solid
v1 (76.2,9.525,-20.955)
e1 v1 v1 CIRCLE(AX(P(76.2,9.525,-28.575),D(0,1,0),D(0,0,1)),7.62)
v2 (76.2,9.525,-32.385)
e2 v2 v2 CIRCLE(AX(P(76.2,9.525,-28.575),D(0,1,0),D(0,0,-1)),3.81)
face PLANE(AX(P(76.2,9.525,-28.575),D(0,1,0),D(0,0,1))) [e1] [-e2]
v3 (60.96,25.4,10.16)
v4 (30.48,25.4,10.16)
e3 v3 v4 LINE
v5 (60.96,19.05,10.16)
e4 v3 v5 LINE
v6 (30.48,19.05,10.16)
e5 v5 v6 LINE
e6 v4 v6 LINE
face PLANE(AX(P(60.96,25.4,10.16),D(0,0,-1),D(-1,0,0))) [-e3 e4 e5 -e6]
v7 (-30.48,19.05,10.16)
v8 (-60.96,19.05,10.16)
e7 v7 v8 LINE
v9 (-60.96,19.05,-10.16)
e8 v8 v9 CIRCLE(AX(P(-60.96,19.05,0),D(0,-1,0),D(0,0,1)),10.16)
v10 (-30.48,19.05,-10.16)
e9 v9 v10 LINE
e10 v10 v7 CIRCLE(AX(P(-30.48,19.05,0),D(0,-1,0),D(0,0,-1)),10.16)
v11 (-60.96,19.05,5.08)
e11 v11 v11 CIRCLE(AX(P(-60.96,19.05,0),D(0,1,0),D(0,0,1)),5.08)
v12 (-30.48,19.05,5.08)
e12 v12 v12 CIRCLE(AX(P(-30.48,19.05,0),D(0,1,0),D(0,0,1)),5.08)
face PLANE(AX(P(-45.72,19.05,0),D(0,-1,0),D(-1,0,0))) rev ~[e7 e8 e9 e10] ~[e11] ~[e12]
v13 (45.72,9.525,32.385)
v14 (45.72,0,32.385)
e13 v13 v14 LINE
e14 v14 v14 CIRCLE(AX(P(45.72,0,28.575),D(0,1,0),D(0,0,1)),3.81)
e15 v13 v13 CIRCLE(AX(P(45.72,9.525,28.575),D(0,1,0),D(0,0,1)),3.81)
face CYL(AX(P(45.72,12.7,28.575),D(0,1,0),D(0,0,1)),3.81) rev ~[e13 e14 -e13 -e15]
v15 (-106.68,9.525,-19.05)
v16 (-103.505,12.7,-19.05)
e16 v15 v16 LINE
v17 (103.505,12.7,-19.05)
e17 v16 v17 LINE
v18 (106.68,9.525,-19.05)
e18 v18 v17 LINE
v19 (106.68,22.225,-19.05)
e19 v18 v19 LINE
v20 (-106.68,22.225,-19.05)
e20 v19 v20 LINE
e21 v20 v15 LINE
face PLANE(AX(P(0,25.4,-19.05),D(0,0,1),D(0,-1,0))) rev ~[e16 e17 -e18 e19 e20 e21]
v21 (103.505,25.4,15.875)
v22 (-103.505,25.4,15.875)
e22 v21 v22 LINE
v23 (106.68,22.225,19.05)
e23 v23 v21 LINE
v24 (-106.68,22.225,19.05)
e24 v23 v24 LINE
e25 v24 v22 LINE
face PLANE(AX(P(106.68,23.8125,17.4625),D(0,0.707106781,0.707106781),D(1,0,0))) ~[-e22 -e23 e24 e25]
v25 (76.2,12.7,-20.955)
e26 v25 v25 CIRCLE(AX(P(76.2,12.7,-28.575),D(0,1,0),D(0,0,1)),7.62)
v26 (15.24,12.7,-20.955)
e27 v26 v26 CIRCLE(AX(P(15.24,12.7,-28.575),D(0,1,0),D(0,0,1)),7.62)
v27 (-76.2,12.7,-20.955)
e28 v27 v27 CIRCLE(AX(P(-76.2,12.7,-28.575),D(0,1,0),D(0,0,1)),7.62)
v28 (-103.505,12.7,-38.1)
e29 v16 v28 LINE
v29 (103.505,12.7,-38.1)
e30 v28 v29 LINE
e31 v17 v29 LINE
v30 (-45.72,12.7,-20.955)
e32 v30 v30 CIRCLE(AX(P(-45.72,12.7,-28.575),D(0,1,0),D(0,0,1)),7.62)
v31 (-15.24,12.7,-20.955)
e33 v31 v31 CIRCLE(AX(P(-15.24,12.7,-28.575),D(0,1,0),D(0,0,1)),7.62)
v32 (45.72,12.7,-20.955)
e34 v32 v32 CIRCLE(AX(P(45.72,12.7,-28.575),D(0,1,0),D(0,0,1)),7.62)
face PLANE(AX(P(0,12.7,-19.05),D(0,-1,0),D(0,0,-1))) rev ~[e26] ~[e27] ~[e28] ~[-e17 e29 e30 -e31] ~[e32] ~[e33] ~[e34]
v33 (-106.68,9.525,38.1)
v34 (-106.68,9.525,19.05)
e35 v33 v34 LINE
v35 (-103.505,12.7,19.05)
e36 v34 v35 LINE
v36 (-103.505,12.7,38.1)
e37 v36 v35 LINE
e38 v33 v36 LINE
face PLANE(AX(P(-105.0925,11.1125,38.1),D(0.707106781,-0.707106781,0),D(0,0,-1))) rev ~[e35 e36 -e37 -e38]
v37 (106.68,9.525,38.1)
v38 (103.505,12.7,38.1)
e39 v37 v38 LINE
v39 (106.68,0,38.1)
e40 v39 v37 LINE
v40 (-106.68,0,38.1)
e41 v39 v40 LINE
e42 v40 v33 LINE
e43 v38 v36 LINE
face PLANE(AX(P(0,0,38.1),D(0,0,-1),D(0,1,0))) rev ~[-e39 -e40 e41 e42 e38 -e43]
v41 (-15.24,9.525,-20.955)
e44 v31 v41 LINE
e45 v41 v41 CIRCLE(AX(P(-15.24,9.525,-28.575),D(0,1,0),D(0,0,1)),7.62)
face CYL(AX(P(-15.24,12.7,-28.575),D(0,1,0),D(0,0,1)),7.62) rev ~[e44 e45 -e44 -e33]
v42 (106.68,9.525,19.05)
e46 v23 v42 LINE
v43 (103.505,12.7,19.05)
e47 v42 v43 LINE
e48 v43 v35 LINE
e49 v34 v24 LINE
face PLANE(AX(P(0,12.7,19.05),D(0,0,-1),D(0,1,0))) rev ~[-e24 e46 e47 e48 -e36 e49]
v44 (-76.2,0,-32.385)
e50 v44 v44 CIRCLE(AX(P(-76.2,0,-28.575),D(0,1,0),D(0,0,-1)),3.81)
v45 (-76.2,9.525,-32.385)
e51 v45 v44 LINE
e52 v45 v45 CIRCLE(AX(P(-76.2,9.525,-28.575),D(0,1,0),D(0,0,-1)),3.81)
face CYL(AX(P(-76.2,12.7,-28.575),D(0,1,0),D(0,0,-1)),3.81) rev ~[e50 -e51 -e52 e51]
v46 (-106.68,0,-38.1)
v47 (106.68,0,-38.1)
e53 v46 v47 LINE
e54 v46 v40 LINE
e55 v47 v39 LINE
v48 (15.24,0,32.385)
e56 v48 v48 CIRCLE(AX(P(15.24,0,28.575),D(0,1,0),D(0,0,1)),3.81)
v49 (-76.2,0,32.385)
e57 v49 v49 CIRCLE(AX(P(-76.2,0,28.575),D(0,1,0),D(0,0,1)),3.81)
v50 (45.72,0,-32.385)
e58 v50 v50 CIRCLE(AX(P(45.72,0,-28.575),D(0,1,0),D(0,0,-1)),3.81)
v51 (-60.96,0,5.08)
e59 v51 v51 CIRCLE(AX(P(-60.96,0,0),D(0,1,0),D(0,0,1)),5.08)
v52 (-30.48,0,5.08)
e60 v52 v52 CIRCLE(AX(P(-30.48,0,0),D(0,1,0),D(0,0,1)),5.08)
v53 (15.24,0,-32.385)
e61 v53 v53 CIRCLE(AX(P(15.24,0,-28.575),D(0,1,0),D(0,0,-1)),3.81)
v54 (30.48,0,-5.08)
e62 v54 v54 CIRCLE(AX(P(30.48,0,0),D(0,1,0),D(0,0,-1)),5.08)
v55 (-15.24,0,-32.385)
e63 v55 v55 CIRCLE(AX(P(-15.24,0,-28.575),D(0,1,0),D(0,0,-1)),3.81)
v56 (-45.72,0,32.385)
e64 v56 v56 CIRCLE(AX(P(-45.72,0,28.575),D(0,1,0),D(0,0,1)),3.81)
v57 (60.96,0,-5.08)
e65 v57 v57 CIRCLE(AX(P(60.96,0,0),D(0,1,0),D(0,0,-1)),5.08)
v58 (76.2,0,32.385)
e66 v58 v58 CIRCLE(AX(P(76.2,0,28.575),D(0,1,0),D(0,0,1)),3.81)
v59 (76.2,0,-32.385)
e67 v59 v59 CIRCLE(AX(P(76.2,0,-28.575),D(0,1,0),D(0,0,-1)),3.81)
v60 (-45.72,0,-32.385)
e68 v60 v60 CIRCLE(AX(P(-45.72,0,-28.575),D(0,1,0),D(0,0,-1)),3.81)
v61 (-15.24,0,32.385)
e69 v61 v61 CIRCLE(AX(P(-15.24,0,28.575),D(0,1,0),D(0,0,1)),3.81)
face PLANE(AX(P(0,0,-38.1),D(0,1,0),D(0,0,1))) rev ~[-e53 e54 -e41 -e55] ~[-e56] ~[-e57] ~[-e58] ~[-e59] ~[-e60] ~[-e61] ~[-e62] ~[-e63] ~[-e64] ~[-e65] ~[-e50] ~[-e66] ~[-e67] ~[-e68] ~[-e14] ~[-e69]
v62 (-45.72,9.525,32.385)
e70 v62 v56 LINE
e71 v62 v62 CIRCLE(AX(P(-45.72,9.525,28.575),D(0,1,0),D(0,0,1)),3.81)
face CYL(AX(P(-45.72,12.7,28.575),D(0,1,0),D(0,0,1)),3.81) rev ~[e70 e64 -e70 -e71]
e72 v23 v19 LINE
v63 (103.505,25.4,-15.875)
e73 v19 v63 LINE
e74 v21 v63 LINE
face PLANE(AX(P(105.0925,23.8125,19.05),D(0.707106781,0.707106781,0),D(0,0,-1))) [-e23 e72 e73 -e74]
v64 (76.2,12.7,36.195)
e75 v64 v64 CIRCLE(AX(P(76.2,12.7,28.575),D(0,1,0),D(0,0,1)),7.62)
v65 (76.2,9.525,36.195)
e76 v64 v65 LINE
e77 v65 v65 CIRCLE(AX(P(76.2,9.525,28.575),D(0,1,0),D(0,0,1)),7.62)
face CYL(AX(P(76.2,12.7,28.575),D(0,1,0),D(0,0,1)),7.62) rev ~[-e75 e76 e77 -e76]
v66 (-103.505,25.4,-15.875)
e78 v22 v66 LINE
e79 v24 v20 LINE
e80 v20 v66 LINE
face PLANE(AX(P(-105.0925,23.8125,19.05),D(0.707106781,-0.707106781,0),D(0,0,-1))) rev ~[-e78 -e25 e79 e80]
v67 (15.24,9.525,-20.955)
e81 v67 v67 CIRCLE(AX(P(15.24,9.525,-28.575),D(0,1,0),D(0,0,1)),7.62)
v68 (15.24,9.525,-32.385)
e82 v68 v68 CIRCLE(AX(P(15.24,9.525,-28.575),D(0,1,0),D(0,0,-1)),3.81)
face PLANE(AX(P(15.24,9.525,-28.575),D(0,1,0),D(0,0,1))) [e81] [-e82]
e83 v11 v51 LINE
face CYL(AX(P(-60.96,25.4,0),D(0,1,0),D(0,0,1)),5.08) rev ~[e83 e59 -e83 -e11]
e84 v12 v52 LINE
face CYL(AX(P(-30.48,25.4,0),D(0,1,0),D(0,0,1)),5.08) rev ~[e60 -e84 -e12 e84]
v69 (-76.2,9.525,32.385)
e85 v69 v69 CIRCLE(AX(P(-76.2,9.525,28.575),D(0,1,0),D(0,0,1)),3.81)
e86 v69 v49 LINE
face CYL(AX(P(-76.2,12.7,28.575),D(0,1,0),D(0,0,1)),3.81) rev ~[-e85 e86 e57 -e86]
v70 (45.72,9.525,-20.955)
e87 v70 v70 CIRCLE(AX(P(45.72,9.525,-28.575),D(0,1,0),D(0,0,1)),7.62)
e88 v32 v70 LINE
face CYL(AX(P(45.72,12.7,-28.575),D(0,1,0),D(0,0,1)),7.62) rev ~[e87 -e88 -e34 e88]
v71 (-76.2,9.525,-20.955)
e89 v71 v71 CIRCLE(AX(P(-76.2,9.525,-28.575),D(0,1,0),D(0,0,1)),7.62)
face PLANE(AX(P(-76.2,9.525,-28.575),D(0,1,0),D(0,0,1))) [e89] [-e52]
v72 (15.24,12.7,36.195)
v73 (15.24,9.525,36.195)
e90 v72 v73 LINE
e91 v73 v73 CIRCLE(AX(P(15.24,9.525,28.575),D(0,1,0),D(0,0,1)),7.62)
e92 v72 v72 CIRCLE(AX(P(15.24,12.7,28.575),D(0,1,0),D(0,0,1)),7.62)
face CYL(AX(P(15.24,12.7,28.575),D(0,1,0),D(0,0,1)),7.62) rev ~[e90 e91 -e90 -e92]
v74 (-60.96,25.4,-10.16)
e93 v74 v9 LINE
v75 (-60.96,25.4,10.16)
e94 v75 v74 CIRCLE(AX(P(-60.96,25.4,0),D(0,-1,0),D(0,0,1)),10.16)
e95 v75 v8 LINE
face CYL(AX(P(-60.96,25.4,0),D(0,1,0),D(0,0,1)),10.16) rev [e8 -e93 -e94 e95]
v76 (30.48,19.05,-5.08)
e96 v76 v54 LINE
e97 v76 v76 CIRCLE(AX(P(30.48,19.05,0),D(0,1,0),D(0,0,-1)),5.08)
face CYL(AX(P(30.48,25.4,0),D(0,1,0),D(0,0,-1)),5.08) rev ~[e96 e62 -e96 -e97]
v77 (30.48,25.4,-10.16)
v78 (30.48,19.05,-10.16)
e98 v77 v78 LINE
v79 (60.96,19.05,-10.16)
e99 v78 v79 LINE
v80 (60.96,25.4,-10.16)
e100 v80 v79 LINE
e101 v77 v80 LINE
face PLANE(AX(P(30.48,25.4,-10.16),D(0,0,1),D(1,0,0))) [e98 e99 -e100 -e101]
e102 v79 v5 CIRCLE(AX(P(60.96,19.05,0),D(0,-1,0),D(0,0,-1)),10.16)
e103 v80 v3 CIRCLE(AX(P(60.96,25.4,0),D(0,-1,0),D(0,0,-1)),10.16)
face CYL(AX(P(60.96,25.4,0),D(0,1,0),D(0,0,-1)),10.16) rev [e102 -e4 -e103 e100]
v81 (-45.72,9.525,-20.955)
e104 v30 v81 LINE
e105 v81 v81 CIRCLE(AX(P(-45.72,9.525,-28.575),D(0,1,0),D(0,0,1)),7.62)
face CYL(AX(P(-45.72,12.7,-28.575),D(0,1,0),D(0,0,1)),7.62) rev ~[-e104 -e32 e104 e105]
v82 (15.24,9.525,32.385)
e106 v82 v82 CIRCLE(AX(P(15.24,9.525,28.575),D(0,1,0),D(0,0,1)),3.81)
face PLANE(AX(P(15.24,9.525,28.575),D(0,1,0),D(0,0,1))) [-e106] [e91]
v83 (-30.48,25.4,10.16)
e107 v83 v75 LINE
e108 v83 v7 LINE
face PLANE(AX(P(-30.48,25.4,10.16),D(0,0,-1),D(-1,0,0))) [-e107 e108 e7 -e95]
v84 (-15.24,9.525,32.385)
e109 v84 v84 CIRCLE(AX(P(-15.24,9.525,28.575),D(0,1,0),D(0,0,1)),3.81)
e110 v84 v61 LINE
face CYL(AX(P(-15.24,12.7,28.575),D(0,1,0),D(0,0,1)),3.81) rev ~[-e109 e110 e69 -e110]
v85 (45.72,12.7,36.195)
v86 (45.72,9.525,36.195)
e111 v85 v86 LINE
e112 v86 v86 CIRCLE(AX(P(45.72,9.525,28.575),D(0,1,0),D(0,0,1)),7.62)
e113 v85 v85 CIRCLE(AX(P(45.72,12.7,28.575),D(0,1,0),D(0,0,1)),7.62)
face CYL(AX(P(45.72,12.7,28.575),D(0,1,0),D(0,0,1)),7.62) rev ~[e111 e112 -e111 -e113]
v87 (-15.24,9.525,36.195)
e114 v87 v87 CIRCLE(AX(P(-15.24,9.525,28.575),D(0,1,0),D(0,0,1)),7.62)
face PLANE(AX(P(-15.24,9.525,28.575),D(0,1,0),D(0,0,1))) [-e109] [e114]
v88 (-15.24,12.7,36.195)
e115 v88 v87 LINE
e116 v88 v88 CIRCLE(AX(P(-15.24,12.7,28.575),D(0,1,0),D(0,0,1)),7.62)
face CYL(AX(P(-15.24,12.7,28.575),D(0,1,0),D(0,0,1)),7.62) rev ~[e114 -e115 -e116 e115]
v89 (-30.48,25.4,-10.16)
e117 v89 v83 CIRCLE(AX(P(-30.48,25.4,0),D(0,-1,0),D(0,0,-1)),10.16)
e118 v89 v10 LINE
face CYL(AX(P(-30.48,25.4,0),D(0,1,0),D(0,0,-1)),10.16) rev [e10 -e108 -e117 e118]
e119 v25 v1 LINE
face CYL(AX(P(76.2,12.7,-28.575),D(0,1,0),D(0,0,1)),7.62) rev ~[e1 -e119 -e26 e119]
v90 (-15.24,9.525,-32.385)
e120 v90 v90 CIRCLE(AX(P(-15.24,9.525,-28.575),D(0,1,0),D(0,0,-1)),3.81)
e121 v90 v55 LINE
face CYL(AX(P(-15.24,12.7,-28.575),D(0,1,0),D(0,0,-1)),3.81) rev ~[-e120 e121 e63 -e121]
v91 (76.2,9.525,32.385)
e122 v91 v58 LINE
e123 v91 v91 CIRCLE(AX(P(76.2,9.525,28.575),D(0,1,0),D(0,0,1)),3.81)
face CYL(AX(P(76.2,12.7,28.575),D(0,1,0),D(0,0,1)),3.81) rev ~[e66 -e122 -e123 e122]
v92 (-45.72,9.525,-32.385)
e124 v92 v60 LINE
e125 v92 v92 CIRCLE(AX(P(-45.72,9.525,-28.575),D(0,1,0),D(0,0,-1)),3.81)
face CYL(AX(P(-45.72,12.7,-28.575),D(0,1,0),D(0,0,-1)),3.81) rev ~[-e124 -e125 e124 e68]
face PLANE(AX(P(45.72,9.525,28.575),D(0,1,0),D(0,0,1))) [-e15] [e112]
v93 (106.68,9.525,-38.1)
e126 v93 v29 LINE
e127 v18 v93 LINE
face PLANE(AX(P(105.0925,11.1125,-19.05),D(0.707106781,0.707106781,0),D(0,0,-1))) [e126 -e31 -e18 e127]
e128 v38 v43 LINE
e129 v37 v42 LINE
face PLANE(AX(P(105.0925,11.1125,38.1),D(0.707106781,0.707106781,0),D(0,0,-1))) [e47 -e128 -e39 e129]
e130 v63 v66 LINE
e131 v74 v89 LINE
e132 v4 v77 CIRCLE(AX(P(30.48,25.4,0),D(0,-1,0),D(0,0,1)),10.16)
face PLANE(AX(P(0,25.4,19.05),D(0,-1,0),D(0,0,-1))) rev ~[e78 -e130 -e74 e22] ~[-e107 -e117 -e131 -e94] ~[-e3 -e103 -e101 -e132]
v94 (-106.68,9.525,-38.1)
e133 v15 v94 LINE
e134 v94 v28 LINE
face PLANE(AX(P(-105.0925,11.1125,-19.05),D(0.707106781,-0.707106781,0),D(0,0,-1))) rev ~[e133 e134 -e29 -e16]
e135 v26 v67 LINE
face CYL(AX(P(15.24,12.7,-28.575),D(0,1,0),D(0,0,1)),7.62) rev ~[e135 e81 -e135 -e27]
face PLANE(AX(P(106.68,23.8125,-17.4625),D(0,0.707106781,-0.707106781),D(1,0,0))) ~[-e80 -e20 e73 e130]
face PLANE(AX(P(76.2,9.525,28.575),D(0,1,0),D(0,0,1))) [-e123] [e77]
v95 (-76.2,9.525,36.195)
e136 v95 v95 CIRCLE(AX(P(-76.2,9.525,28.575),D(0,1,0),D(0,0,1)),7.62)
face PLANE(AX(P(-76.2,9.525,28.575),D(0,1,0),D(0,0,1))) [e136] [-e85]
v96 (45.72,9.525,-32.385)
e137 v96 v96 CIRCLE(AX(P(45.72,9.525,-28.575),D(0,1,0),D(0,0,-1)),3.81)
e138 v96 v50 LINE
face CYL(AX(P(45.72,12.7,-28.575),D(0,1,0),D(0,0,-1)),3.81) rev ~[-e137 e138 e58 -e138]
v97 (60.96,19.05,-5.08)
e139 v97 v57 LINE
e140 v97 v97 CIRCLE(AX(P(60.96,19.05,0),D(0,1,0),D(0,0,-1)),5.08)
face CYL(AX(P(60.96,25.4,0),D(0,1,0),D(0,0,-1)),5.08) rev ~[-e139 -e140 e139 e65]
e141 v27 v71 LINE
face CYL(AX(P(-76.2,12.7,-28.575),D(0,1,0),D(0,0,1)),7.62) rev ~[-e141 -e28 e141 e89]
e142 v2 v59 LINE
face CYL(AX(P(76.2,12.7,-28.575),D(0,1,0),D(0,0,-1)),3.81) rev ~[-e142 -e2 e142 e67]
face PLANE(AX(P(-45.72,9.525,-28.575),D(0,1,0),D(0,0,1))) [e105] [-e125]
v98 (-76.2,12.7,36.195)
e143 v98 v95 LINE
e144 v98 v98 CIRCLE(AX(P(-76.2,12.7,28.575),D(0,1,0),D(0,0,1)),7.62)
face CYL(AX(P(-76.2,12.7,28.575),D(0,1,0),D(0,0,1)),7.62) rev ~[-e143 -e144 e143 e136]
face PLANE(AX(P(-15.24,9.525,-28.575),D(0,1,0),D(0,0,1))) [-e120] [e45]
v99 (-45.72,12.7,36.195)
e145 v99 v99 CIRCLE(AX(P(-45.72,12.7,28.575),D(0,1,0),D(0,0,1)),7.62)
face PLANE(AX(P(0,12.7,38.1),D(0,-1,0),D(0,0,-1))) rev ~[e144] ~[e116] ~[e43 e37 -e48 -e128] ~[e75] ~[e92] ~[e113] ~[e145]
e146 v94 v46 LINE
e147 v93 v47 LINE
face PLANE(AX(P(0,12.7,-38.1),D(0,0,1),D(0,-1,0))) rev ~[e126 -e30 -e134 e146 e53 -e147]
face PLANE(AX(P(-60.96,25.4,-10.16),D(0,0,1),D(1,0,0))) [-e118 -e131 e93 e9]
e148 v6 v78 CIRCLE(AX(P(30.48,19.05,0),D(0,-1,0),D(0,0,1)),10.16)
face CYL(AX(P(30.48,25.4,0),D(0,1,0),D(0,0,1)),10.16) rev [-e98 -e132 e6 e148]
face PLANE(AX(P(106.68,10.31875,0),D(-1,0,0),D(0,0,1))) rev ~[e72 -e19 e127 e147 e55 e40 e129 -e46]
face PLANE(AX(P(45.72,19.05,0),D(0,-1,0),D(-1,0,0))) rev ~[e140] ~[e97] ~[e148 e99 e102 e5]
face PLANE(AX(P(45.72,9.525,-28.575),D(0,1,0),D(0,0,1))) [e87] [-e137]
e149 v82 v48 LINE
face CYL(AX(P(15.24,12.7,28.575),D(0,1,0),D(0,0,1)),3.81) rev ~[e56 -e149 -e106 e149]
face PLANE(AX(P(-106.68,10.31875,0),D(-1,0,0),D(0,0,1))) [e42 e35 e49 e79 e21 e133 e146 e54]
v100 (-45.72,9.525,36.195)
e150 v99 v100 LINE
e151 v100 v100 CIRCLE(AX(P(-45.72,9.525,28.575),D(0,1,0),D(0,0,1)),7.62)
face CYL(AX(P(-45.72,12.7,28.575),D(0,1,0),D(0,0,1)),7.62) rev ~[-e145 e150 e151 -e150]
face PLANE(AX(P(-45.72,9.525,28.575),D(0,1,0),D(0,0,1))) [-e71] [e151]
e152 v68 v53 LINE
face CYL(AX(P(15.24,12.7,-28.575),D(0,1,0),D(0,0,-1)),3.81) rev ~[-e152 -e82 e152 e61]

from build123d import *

# Parameters (mm, degrees)
BOSS_EXTRUDE1_DEPTH = 106.68
SKETCH3_R           = 3.81
CUT_EXTRUDE1_DEPTH  = 114.989132815
SKETCH5_R           = 7.62
CUT_EXTRUDE2_DEPTH  = 3.175
SKETCH6_R           = 5.08
CUT_EXTRUDE3_DEPTH  = 117.092172001
CUT_EXTRUDE4_DEPTH  = 6.35
CHAMFER1_SIZE       = 3.175


with BuildPart() as part:
    # Sketch1 → Boss-Extrude1 (new, symmetric)
    with BuildSketch(Plane(origin=(0, 0, 0), x_dir=(0, 0, -1), z_dir=(1, 0, 0))):
        Polygon((38.1, 0), (-38.1, 0), (-38.1, 12.7), (-19.05, 12.7), (-19.05, 25.4), (19.05, 25.4), (19.05, 12.7), (38.1, 12.7), align=None)
    extrude(amount=BOSS_EXTRUDE1_DEPTH, both=True)

    # Sketch3 → Cut-Extrude1 (cut, through all)
    with BuildSketch(Plane(origin=(0, 12.7, 0), x_dir=(1, 0, 0), z_dir=(0, 1, 0))):
        with Locations(Location((-76.2, -28.575, 0), (0, 0, 270))):
            Circle(SKETCH3_R)
        with Locations(Location((-45.72, -28.575, 0), (0, 0, 270))):
            Circle(SKETCH3_R)
        with Locations(Location((-15.24, -28.575, 0), (0, 0, 270))):
            Circle(SKETCH3_R)
        with Locations(Location((15.24, -28.575, 0), (0, 0, 270))):
            Circle(SKETCH3_R)
        with Locations(Location((45.72, -28.575, 0), (0, 0, 270))):
            Circle(SKETCH3_R)
        with Locations(Location((76.2, -28.575, 0), (0, 0, 270))):
            Circle(SKETCH3_R)
        with Locations(Location((76.2, 28.575, 0), (0, 0, 90))):
            Circle(SKETCH3_R)
        with Locations(Location((45.72, 28.575, 0), (0, 0, 90))):
            Circle(SKETCH3_R)
        with Locations(Location((15.24, 28.575, 0), (0, 0, 90))):
            Circle(SKETCH3_R)
        with Locations(Location((-15.24, 28.575, 0), (0, 0, 90))):
            Circle(SKETCH3_R)
        with Locations(Location((-45.72, 28.575, 0), (0, 0, 90))):
            Circle(SKETCH3_R)
        with Locations(Location((-76.2, 28.575, 0), (0, 0, 90))):
            Circle(SKETCH3_R)
    extrude(amount=-CUT_EXTRUDE1_DEPTH, mode=Mode.SUBTRACT)

    # Sketch5 → Cut-Extrude2 (cut)
    with BuildSketch(Plane(origin=(0, 12.7, 0), x_dir=(1, 0, 0), z_dir=(0, 1, 0))):
        with Locations(Location((-76.2, -28.575, 0), (0, 0, 270))):
            Circle(SKETCH5_R)
        with Locations(Location((-45.72, -28.575, 0), (0, 0, 270))):
            Circle(SKETCH5_R)
        with Locations(Location((-15.24, -28.575, 0), (0, 0, 270))):
            Circle(SKETCH5_R)
        with Locations(Location((15.24, -28.575, 0), (0, 0, 270))):
            Circle(SKETCH5_R)
        with Locations(Location((45.72, -28.575, 0), (0, 0, 270))):
            Circle(SKETCH5_R)
        with Locations(Location((76.2, -28.575, 0), (0, 0, 270))):
            Circle(SKETCH5_R)
        with Locations(Location((-45.72, 28.575, 0), (0, 0, 270))):
            Circle(SKETCH5_R)
        with Locations(Location((-15.24, 28.575, 0), (0, 0, 270))):
            Circle(SKETCH5_R)
        with Locations(Location((15.24, 28.575, 0), (0, 0, 270))):
            Circle(SKETCH5_R)
        with Locations(Location((45.72, 28.575, 0), (0, 0, 270))):
            Circle(SKETCH5_R)
        with Locations(Location((76.2, 28.575, 0), (0, 0, 270))):
            Circle(SKETCH5_R)
        with Locations(Location((-76.2, 28.575, 0), (0, 0, 270))):
            Circle(SKETCH5_R)
    extrude(amount=-CUT_EXTRUDE2_DEPTH, mode=Mode.SUBTRACT)

    # Sketch6 → Cut-Extrude3 (cut, through all)
    with BuildSketch(Plane(origin=(0, 25.4, 0), x_dir=(1, 0, 0), z_dir=(0, 1, 0))):
        with Locations(Location((-60.96, 0, 0), (0, 0, 270))):
            Circle(SKETCH6_R)
        with Locations(Location((-30.48, 0, 0), (0, 0, 270))):
            Circle(SKETCH6_R)
        with Locations(Location((30.48, 0, 0), (0, 0, 90))):
            Circle(SKETCH6_R)
        with Locations(Location((60.96, 0, 0), (0, 0, 90))):
            Circle(SKETCH6_R)
    extrude(amount=-CUT_EXTRUDE3_DEPTH, mode=Mode.SUBTRACT)

    # Sketch7 → Cut-Extrude4 (cut)
    with BuildSketch(Plane(origin=(0, 25.4, 0), x_dir=(1, 0, 0), z_dir=(0, 1, 0))):
        with BuildLine():
            Line((-60.96, 10.16), (-30.48, 10.16))
            ThreePointArc((-30.48, 10.16), (-20.32, 0), (-30.48, -10.16))
            Line((-30.48, -10.16), (-60.96, -10.16))
            ThreePointArc((-60.96, -10.16), (-71.12, 0), (-60.96, 10.16))
        make_face()
        with BuildLine():
            Line((30.48, 10.16), (60.96, 10.16))
            ThreePointArc((60.96, 10.16), (71.12, 0), (60.96, -10.16))
            Line((60.96, -10.16), (30.48, -10.16))
            ThreePointArc((30.48, -10.16), (20.32, 0), (30.48, 10.16))
        make_face()
    extrude(amount=-CUT_EXTRUDE4_DEPTH, mode=Mode.SUBTRACT)

    # Chamfer1
    chamfer1_edges = [part.edges().sort_by_distance(p)[0] for p in [
        (-106.68, 25.4, 0),
        (-106.68, 12.7, -28.575),
        (106.68, 25.4, 0),
        (0, 25.4, 19.05),
        (0, 25.4, -19.05),
        (106.68, 12.7, 28.575),
        (106.68, 12.7, -28.575),
        (-106.68, 12.7, 28.575),
    ]]
    chamfer(chamfer1_edges, length=CHAMFER1_SIZE)


solid = part.part
